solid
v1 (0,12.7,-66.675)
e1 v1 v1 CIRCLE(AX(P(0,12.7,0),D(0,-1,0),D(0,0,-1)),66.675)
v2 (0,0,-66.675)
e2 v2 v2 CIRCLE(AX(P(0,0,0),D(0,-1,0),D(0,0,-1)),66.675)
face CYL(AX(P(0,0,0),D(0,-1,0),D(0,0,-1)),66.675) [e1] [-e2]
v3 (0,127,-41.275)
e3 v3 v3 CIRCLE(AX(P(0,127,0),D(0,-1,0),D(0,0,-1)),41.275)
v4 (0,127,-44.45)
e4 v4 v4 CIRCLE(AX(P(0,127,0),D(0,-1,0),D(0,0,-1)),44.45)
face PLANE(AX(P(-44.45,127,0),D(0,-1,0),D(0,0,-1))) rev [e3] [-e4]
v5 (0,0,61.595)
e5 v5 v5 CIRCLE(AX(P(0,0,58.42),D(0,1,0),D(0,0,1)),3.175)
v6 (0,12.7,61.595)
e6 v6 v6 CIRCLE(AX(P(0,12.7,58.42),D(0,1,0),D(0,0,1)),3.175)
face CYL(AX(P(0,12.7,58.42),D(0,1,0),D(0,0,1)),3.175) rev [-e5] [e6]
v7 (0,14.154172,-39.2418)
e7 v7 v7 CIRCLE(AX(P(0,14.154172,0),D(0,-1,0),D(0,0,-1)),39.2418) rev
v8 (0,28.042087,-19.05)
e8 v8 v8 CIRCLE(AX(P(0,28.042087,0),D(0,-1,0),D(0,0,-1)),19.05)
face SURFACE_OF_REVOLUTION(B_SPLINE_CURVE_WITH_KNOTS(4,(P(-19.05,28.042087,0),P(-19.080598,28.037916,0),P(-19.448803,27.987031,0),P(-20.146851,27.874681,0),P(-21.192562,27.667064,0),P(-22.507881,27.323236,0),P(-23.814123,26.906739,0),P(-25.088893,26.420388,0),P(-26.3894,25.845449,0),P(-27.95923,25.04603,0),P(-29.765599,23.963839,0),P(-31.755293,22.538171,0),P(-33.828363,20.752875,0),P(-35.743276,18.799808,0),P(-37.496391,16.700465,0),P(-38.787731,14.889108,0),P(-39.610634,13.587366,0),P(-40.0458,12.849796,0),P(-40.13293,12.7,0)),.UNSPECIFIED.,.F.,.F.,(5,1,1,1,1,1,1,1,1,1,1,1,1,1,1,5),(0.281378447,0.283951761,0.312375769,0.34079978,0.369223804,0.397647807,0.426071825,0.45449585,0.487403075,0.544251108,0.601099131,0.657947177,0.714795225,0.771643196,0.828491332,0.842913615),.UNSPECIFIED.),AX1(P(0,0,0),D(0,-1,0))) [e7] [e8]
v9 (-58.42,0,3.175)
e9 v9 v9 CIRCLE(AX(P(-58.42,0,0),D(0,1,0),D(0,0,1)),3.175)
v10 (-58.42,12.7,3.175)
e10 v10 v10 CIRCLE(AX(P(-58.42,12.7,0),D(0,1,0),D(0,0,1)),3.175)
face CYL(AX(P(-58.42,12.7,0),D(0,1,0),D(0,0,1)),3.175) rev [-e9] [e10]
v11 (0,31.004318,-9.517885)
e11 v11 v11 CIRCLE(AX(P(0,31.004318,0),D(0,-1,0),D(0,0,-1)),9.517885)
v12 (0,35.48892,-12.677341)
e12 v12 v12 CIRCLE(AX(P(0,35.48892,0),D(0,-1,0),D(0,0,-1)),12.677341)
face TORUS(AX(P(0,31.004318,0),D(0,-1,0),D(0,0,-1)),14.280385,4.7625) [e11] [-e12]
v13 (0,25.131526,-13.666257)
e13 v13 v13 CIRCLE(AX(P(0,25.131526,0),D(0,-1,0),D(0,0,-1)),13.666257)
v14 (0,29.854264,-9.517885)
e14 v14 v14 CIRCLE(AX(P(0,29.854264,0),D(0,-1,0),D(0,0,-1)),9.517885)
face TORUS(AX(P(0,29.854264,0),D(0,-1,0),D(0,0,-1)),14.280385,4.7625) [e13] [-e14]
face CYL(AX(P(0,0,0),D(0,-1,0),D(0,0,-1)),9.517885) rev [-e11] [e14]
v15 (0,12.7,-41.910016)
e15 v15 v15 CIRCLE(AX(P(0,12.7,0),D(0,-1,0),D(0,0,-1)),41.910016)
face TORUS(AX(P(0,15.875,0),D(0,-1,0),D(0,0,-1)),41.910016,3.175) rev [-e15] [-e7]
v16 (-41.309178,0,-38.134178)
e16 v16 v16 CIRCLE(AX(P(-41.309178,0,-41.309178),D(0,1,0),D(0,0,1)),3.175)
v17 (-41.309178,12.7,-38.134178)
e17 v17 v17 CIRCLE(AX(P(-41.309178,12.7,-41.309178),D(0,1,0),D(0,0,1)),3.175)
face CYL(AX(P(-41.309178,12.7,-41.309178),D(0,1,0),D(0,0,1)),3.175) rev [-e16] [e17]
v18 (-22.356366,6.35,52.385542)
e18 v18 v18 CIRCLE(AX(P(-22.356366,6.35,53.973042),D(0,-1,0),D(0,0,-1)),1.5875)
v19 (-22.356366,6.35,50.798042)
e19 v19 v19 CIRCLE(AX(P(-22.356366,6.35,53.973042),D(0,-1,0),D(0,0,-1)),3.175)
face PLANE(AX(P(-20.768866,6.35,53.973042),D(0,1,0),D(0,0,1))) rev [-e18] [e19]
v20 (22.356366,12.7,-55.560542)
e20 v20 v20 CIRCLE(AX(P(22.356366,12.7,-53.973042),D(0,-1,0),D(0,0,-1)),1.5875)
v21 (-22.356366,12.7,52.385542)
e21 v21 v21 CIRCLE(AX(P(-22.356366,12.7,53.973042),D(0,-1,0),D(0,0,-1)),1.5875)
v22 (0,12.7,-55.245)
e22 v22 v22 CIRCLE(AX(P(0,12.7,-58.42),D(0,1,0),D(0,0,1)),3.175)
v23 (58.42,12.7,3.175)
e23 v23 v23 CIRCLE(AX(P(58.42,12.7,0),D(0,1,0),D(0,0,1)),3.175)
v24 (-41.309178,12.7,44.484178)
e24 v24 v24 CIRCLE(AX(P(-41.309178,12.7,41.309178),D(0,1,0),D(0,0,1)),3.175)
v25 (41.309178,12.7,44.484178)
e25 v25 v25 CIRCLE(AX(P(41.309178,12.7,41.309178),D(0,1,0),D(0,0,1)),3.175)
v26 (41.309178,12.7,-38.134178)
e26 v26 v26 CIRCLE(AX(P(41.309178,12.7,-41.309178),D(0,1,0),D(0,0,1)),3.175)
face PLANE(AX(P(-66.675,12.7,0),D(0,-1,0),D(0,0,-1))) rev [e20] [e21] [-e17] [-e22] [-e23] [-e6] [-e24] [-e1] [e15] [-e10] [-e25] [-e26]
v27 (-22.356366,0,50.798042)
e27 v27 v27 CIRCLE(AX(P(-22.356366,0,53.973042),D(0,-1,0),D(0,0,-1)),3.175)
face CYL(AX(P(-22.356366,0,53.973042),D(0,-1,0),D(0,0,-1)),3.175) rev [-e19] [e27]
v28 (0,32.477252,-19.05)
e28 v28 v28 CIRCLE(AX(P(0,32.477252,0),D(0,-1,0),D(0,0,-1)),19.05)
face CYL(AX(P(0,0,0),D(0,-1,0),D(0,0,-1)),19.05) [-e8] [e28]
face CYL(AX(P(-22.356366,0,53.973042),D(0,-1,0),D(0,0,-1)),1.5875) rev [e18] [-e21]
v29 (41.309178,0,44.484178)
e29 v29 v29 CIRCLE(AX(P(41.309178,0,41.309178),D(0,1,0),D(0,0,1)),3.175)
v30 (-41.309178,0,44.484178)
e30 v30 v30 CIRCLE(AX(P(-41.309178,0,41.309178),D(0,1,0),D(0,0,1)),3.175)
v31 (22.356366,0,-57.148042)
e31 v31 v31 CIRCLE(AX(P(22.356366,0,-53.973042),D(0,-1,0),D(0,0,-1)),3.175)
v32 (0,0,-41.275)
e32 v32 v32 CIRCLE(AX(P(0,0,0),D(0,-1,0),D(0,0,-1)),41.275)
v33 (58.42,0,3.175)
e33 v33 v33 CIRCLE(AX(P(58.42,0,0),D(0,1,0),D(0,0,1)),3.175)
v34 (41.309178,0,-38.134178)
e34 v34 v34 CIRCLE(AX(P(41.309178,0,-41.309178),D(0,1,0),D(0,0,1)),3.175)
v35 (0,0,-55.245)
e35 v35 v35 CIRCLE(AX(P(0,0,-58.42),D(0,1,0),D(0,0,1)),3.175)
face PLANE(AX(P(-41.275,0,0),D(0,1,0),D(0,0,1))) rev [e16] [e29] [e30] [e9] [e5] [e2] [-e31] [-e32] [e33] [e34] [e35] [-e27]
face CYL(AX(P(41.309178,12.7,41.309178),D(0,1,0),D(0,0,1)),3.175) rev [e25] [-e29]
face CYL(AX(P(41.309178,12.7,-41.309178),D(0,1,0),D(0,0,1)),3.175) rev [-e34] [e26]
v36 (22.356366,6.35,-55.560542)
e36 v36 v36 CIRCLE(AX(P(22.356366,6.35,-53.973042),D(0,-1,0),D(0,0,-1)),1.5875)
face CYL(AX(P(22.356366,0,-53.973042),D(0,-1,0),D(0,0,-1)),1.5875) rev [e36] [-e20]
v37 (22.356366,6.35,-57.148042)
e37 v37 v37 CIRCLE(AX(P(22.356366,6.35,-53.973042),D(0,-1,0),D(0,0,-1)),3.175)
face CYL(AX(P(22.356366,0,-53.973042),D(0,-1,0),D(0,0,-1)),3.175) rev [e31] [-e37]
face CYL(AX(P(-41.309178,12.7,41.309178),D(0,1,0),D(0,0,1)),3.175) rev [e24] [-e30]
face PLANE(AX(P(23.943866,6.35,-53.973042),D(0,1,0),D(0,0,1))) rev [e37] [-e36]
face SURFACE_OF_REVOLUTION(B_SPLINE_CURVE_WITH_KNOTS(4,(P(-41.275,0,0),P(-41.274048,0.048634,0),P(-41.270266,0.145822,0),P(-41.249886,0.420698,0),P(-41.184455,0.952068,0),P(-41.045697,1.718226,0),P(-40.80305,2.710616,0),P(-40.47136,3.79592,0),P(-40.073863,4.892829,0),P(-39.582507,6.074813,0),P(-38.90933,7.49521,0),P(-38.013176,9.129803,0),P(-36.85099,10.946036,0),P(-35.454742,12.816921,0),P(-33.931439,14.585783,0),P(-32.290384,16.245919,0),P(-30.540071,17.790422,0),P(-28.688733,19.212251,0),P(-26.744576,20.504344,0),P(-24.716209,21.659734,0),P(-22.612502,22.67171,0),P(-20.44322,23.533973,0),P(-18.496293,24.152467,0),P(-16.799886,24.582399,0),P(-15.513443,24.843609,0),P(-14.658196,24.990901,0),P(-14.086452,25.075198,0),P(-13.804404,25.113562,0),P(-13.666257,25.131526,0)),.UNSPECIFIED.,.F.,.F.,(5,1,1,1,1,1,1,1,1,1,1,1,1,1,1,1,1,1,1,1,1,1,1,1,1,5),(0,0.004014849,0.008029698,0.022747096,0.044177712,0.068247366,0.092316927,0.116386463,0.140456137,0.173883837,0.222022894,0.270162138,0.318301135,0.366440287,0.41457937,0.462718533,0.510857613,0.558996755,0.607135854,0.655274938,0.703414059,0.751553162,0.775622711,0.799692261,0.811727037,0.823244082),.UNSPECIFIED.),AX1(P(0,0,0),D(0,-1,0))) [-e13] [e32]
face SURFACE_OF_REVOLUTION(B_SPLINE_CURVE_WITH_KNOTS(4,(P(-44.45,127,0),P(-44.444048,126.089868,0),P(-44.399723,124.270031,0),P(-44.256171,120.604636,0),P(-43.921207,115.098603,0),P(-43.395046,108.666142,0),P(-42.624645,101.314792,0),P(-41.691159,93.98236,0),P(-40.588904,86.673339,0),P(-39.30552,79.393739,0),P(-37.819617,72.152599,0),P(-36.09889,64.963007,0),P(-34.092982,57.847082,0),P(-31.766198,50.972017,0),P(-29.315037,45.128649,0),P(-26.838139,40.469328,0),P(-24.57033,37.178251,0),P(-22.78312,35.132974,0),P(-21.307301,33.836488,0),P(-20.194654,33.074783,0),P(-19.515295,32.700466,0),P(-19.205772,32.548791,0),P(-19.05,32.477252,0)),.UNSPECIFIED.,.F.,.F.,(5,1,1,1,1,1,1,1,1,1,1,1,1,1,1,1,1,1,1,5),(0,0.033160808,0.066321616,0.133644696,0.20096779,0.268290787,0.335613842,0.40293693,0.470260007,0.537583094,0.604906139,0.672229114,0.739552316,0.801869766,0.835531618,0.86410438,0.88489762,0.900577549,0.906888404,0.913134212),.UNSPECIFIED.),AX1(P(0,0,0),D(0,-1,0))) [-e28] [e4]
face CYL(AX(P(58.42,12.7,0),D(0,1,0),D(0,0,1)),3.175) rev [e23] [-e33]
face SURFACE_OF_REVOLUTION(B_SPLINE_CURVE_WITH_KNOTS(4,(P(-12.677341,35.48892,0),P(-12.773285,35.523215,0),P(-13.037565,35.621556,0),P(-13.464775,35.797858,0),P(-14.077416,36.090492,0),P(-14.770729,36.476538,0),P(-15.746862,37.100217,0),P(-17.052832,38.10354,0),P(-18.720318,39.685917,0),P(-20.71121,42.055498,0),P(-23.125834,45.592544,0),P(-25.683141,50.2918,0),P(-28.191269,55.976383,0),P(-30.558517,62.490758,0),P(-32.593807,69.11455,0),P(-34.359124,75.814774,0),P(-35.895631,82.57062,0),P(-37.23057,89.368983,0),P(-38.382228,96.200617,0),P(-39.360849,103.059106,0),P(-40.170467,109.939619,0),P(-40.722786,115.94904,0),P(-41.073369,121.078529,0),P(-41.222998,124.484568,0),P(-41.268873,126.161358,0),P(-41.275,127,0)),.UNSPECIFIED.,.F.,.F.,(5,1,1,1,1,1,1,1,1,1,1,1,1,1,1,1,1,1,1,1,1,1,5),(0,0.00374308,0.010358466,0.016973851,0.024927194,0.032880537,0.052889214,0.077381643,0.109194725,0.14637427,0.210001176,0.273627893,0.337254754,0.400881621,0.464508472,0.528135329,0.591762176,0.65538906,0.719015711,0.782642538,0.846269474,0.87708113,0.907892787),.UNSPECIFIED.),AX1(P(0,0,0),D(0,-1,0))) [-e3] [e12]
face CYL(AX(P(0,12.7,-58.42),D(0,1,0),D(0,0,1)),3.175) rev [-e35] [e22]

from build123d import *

# Parameters (mm, degrees)
CONVERGING_FILLET_R   = 3.175
BOLT_HOLES_D          = 6.35
BOLT_HOLES_DEPTH      = 12.7
BOLT_HOLES_TIP        = 1.907732465
PIN_HOLES_D           = 3.175
PIN_HOLES_DEPTH       = 100
PIN_HOLES_CBORE_D     = 6.35
PIN_HOLES_CBORE_DEPTH = 6.35


with BuildPart() as part:
    # Sketch1 → Main Revolve (revolve)
    with BuildSketch(Plane.XY):
        with BuildLine():
            Line((-9.517884855, 29.85426414), (-9.517884855, 31.004317662))
            ThreePointArc((-9.517884855, 31.004317662), (-10.387063469, 33.747209355), (-12.677340956, 35.488919819))
            add(Edge.make_bspline(
                [(-41.275, 127), (-41.268873036, 126.161357833), (-41.222997706, 124.484568363), (-41.073369126, 121.078528782), (-40.722786085, 115.949040077), (-40.170467422, 109.939618965), (-39.360849464, 103.059106185), (-38.382227863, 96.200616774), (-37.230570221, 89.368983139), (-35.895631241, 82.570619969), (-34.35912374, 75.814773558), (-32.593807355, 69.114550244), (-30.558516971, 62.490757957), (-28.191269221, 55.976383127), (-25.683140783, 50.29180013), (-23.125834222, 45.592543641), (-20.711209845, 42.055498174), (-18.720317843, 39.685916503), (-17.052831983, 38.103539579), (-15.746862259, 37.100217478), (-14.77072941, 36.476537732), (-14.077416444, 36.090491664), (-13.464775463, 35.797858298), (-13.037564762, 35.6215562), (-12.773284859, 35.523215456), (-12.677340956, 35.488919819)],
                knots=[0, 0, 0, 0, 0, 0.030811657, 0.061623313, 0.125250249, 0.188877076, 0.252503727, 0.31613061, 0.379757458, 0.443384315, 0.507011165, 0.570638032, 0.634264894, 0.697891611, 0.761518516, 0.798698062, 0.830511144, 0.855003573, 0.875012249, 0.882965592, 0.890918935, 0.897534321, 0.904149707, 0.907892787, 0.907892787, 0.907892787, 0.907892787, 0.907892787], degree=4))
            Line((-41.275, 127), (-44.449999999, 127))
            add(Edge.make_bspline(
                [(-44.449999999, 127), (-44.444048095, 126.089867786), (-44.399723494, 124.270031311), (-44.256170835, 120.604636062), (-43.921206973, 115.098603125), (-43.395046361, 108.666141993), (-42.624644612, 101.314791698), (-41.691159468, 93.9823601), (-40.588904101, 86.673339257), (-39.305520483, 79.393738689), (-37.819617038, 72.152599105), (-36.098890328, 64.963007024), (-34.092981802, 57.847082032), (-31.766198141, 50.972017381), (-29.315037347, 45.128649076), (-26.838138987, 40.469327818), (-24.570330265, 37.178251455), (-22.783120415, 35.132973657), (-21.307300799, 33.836487802), (-20.194653885, 33.074782772), (-19.515295281, 32.700466394), (-19.20577242, 32.548791321), (-19.05, 32.47725184)],
                knots=[0, 0, 0, 0, 0, 0.033160808, 0.066321616, 0.133644696, 0.20096779, 0.268290787, 0.335613842, 0.40293693, 0.470260007, 0.537583094, 0.604906139, 0.672229114, 0.739552316, 0.801869766, 0.835531618, 0.86410438, 0.88489762, 0.900577549, 0.906888404, 0.913134212, 0.913134212, 0.913134212, 0.913134212, 0.913134212], degree=4))
            Line((-19.05, 32.47725184), (-19.049999999, 28.042086726))
            add(Edge.make_bspline(
                [(-40.132930327, 12.7), (-40.045800084, 12.849795641), (-39.61063411, 13.587366211), (-38.787730692, 14.889107917), (-37.49639122, 16.700465362), (-35.743276325, 18.799808382), (-33.828362814, 20.752874932), (-31.755293022, 22.538171222), (-29.765599353, 23.963838921), (-27.959230186, 25.046029913), (-26.389400219, 25.845449005), (-25.088892975, 26.420387951), (-23.81412329, 26.906738928), (-22.507881474, 27.32323595), (-21.192562324, 27.667064424), (-20.14685077, 27.874680732), (-19.448803378, 27.987030694), (-19.080597755, 28.037915662), (-19.049999999, 28.042086726)],
                knots=[0.281378447, 0.281378447, 0.281378447, 0.281378447, 0.281378447, 0.29580073, 0.352648866, 0.409496837, 0.466344885, 0.523192931, 0.580040954, 0.636888987, 0.669796212, 0.698220237, 0.726644255, 0.755068258, 0.783492282, 0.811916293, 0.840340301, 0.842913615, 0.842913615, 0.842913615, 0.842913615, 0.842913615], degree=4))
            Line((-40.132930327, 12.7), (-66.675, 12.7))
            Line((-66.675, 12.7), (-66.675, 0))
            Line((-66.675, 0), (-41.275, 0))
            add(Edge.make_bspline(
                [(-41.275, 0), (-41.27404827, 0.048633732), (-41.270265816, 0.145822286), (-41.249886429, 0.420698051), (-41.184454538, 0.952068232), (-41.045697232, 1.718226005), (-40.803050388, 2.710615824), (-40.471359514, 3.795919992), (-40.073863441, 4.892829094), (-39.58250679, 6.074812663), (-38.909330489, 7.49520986), (-38.013176032, 9.129802593), (-36.850990459, 10.946036297), (-35.454742127, 12.816921248), (-33.931439219, 14.585782904), (-32.290383905, 16.245919147), (-30.54007116, 17.790421623), (-28.688732636, 19.212251207), (-26.744575764, 20.504343604), (-24.716209135, 21.659734331), (-22.61250234, 22.671709773), (-20.443220111, 23.533972634), (-18.496293348, 24.152467466), (-16.799886455, 24.58239915), (-15.513443264, 24.843608525), (-14.65819574, 24.990901269), (-14.086451577, 25.07519752), (-13.804404299, 25.113562074), (-13.666257288, 25.131526207)],
                knots=[0, 0, 0, 0, 0, 0.004014849, 0.008029698, 0.022747096, 0.044177712, 0.068247366, 0.092316927, 0.116386463, 0.140456137, 0.173883837, 0.222022894, 0.270162138, 0.318301135, 0.366440287, 0.41457937, 0.462718533, 0.510857613, 0.558996755, 0.607135854, 0.655274938, 0.703414059, 0.751553162, 0.775622711, 0.799692261, 0.811727037, 0.823244082, 0.823244082, 0.823244082, 0.823244082, 0.823244082], degree=4))
            ThreePointArc((-13.666257288, 25.131526207), (-10.702243662, 26.711285957), (-9.517884855, 29.85426414))
        make_face()
    revolve(axis=Axis((0, 0, 0), (0, 1, 0)))

    # Converging Fillet
    converging_fillet_edges = [part.edges().sort_by_distance(p)[0] for p in [
        (40.132930327, 12.7, 0),
    ]]
    fillet(converging_fillet_edges, radius=CONVERGING_FILLET_R)

    # Bolt Holes
    with Locations(Plane(origin=(0, 12.7, 0), x_dir=(1, 0, 0), z_dir=(0, 1, 0))):
        with Locations((-58.42, 0), (-41.309178157, 41.309178157), (0, 58.42), (41.309178157, 41.309178157), (58.42, 0), (41.309178157, -41.309178157), (0, -58.42), (-41.309178157, -41.309178157)):
            Hole(BOLT_HOLES_D / 2, depth=BOLT_HOLES_DEPTH)
            with Locations((0, 0, -(BOLT_HOLES_DEPTH + BOLT_HOLES_TIP / 2))):  # 118° drill point
                Cone(0, BOLT_HOLES_D / 2, BOLT_HOLES_TIP, mode=Mode.SUBTRACT)

    # Pin Holes
    with Locations(Plane(origin=(0, 0, 0), x_dir=(-1, 0, 0), z_dir=(0, -1, 0))):
        with Locations((-22.356366119, 53.973042289), (22.356366119, -53.973042289)):
            CounterBoreHole(PIN_HOLES_D / 2, PIN_HOLES_CBORE_D / 2, PIN_HOLES_CBORE_DEPTH, depth=PIN_HOLES_DEPTH)


solid = part.part
